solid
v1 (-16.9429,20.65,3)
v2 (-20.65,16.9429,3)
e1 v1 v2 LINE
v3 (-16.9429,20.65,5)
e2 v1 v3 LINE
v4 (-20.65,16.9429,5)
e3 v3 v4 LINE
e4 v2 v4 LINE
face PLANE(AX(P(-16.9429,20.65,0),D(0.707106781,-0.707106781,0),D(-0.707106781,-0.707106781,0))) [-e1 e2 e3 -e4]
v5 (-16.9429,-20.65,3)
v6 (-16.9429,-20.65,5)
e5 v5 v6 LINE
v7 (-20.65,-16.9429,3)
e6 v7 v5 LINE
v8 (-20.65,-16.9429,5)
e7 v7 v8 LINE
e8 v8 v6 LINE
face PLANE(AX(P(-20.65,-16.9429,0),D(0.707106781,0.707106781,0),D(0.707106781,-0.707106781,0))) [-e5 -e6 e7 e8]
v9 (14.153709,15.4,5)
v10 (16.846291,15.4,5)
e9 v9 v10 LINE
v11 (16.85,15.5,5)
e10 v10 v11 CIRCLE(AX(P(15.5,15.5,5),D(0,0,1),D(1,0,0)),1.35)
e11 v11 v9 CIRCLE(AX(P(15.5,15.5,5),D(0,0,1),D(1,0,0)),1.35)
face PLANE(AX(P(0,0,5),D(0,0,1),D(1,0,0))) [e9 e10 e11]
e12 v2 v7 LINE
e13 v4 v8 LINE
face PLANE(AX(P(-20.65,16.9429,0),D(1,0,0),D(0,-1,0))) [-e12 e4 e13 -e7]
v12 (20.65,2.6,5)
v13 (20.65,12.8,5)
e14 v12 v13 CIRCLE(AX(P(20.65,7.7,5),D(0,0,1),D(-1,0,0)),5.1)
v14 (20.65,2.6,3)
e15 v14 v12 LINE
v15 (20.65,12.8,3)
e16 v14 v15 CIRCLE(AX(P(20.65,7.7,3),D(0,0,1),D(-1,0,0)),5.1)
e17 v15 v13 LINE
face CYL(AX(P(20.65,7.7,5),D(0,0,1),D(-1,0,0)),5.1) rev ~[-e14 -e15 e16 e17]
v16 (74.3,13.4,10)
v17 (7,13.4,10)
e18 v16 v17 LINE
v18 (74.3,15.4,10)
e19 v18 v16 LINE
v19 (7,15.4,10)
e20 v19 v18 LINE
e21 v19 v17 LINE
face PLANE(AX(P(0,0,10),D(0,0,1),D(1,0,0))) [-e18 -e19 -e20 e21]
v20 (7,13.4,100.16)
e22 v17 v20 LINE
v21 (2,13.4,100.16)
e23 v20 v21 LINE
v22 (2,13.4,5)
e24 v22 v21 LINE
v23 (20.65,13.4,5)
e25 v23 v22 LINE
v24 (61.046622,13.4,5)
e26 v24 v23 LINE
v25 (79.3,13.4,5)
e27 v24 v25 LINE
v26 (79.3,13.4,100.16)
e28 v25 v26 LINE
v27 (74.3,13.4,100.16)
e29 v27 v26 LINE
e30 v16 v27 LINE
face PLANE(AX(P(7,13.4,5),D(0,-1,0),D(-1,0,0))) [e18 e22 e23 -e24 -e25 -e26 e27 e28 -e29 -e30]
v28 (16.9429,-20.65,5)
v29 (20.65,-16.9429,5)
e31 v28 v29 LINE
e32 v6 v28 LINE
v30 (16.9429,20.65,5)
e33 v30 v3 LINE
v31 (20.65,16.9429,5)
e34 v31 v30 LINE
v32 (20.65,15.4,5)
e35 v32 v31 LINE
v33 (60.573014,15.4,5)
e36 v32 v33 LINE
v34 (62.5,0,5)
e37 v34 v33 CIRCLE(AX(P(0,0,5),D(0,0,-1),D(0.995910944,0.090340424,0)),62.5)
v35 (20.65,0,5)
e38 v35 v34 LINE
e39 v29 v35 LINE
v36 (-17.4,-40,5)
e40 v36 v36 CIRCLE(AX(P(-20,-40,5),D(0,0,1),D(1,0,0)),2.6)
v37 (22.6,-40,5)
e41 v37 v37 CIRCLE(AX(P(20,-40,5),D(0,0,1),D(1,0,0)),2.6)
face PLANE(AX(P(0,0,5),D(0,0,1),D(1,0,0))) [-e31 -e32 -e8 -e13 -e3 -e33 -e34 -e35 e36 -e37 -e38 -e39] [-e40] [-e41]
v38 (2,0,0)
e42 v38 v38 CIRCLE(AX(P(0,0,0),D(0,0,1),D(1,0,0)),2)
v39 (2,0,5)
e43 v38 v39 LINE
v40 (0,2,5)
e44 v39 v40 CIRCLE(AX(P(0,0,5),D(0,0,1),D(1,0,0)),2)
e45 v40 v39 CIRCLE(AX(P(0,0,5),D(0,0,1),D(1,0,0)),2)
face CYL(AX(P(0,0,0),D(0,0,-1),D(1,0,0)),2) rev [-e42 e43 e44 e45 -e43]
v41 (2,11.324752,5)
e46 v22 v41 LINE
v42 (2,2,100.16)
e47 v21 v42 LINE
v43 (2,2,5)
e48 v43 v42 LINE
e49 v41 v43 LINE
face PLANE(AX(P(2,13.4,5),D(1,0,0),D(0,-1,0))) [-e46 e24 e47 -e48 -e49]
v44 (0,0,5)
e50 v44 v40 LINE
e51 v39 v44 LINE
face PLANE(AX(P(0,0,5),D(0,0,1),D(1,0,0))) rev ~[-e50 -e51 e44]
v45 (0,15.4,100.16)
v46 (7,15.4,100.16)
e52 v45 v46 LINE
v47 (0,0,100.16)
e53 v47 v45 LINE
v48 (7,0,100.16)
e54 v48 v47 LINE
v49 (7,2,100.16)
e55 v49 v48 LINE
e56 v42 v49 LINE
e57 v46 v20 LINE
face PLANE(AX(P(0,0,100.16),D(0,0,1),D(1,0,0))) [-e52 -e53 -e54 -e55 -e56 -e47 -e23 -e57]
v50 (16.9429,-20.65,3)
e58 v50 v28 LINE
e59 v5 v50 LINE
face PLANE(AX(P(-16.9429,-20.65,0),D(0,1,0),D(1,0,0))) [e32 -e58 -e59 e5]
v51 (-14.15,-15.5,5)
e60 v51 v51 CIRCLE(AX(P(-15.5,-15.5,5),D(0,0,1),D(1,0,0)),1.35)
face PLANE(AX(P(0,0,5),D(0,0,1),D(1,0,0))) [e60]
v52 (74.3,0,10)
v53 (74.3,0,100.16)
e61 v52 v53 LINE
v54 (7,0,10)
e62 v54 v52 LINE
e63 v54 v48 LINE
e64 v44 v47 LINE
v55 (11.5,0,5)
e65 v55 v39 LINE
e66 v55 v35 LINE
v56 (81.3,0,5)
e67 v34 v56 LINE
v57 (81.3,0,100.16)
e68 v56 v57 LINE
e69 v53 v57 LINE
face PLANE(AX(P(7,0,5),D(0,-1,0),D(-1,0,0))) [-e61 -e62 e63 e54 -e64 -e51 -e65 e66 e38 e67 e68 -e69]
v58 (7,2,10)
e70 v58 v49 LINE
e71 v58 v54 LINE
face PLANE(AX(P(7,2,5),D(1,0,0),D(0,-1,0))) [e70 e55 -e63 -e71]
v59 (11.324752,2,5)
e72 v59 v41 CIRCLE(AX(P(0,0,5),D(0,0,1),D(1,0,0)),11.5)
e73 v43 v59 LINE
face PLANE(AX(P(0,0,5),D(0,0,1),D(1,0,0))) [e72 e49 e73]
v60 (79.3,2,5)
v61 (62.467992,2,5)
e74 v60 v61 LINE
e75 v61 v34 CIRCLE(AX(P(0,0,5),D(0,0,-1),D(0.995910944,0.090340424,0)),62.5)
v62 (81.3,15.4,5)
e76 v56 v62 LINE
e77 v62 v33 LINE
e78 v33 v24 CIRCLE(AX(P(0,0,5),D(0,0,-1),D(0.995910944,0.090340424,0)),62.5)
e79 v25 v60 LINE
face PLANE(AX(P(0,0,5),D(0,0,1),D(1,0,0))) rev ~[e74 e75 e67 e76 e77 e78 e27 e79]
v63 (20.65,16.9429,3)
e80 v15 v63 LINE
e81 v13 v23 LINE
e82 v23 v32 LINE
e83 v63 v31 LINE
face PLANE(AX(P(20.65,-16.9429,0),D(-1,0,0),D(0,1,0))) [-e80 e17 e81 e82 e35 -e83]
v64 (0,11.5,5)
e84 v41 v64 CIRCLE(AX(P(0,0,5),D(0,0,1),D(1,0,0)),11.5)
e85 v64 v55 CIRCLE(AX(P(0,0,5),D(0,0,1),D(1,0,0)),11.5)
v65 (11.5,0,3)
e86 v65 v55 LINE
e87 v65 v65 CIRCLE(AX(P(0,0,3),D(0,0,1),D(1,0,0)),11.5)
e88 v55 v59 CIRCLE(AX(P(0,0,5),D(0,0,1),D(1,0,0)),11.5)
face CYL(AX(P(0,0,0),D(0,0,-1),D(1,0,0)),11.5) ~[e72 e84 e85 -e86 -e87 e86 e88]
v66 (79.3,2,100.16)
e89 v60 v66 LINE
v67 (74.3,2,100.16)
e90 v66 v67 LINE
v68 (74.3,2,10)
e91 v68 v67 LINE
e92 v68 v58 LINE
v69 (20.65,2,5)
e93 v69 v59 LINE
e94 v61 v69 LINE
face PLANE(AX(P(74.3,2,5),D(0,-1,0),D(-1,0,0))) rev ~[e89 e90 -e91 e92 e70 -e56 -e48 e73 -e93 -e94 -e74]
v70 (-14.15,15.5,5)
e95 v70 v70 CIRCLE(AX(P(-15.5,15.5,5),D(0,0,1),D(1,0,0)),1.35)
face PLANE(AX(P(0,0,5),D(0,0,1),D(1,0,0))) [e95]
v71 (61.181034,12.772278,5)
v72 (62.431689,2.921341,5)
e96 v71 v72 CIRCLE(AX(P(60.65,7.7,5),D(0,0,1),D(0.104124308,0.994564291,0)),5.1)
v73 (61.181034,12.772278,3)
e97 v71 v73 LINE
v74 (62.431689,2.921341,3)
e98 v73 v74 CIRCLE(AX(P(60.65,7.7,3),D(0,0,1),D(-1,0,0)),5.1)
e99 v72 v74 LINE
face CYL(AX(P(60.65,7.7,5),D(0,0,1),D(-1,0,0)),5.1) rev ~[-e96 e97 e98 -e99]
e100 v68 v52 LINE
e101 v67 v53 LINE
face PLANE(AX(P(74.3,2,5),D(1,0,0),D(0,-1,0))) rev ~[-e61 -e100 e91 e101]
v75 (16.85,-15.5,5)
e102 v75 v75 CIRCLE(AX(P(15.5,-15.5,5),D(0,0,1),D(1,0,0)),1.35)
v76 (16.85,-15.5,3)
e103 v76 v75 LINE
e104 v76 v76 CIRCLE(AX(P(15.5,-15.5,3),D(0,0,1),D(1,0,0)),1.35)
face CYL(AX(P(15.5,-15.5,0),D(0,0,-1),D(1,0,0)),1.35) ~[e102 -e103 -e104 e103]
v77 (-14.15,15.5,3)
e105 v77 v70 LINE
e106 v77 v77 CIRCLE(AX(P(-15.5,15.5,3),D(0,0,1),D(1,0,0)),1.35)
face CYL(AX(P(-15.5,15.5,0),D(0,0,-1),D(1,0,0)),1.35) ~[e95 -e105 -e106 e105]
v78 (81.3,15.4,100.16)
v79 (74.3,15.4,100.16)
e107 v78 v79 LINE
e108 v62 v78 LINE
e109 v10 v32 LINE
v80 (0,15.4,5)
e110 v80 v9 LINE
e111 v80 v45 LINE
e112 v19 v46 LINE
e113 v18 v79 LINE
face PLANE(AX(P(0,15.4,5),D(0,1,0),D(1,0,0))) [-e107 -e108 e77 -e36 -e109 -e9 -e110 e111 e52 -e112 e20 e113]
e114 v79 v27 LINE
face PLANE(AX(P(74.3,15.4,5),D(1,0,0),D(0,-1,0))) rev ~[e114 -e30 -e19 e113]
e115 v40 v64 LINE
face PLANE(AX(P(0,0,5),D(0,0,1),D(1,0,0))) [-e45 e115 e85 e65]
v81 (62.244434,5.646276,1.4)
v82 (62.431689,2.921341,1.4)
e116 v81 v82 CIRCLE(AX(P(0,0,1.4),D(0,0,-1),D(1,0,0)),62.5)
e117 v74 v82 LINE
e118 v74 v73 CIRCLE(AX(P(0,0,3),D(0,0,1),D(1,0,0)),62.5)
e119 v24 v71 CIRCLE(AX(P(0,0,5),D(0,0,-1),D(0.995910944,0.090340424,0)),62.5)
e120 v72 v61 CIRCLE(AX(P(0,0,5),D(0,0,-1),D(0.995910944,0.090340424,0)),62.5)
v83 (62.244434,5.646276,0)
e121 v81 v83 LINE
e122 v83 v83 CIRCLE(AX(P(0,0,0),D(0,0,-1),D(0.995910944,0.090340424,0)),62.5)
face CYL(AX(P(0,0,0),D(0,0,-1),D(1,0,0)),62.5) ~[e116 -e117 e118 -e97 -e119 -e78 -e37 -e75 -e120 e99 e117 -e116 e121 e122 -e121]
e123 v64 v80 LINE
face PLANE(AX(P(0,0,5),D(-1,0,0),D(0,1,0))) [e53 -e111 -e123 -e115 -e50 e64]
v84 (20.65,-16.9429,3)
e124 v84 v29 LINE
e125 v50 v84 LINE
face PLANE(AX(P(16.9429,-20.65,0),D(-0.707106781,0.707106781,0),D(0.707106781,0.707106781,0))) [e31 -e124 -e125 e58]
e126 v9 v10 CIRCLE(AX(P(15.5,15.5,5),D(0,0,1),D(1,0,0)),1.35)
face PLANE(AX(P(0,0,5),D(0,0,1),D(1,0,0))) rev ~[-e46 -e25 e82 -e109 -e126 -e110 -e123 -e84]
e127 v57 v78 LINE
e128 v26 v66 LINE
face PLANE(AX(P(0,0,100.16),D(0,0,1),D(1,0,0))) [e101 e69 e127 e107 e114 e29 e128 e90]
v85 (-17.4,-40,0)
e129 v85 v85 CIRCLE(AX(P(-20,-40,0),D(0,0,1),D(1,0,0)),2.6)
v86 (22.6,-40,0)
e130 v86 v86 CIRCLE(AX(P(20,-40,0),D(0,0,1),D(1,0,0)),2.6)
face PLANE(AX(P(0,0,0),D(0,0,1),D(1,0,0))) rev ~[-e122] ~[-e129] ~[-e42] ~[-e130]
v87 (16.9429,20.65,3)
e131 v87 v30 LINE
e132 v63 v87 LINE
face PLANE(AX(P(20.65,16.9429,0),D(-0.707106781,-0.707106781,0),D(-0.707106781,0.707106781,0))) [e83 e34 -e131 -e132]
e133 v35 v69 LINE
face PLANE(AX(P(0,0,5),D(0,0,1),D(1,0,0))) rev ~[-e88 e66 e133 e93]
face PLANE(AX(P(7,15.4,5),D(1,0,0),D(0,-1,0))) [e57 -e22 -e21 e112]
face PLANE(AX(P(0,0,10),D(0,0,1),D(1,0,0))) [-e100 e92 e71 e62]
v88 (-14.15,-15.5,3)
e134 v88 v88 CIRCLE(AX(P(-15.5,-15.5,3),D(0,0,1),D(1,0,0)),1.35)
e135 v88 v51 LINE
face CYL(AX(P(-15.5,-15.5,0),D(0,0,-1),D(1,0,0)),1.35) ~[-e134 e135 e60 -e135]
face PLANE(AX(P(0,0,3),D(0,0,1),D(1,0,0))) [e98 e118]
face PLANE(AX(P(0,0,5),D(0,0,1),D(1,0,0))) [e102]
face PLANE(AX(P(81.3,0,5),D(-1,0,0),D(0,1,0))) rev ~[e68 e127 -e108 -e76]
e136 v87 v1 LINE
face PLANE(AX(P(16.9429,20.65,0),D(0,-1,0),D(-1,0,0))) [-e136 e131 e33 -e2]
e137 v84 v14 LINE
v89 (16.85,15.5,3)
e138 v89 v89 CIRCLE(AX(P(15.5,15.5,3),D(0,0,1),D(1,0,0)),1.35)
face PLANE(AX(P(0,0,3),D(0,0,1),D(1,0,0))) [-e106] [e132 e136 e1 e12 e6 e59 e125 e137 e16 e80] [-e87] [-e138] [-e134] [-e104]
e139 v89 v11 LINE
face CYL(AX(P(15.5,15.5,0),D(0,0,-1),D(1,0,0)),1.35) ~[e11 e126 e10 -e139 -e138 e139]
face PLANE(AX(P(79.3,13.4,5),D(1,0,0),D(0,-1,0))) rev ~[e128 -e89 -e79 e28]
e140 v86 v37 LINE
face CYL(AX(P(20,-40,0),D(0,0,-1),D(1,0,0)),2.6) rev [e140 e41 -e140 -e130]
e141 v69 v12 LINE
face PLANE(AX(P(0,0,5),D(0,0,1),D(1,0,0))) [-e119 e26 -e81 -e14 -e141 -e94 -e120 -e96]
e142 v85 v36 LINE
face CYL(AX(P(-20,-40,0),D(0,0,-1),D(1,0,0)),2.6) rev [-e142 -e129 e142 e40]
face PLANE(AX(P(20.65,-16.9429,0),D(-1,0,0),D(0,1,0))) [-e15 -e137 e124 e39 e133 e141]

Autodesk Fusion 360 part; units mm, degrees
sketch "Sketch1" plane through (0, 0, 0) normal (0, 0, 1) x (1, 0, 0)
  line L0 (0, 0) -> (81.3, 0)
  line L1 (81.3, 0) -> (81.3, 15.4)
  line L2 (81.3, 15.4) -> (0, 15.4)
  line L3 (0, 15.4) -> (0, 0)
  dimension "d8" = 81.3
  dimension "d9" = 15.4
extrude "Extrude1" add sketch "Sketch1" along normal blind 5
sketch "Sketch2" plane through (0, 0, 5) normal (0, 0, 1) x (-1, 0, 0)
  line L0 (0, -15.4) -> (0, 0)
  line L1 (0, 0) -> (-81.3, 0)
  line L2 (-81.3, 0) -> (-81.3, -15.4)
  line L3 (-81.3, -15.4) -> (0, -15.4)
  circle A0 centre (-20.65, -7.7) radius 2.6
  circle A1 centre (-20.65, -7.7) radius 5.1
  line L4 (-40.65, -15.4) -> (-40.65, -7.6842) construction
  line L5 (-40.65, -7.7) -> (-81.3, -7.7) construction
  circle A2 centre (-60.65, -7.7) radius 5.1
  circle A3 centre (-60.65, -7.7) radius 2.6
  dimension "d16" = 5.2
  dimension "d18" = 7.7
  dimension "d19" = 10.2
  dimension "d34" = 20
extrude "Extrude2" cut sketch "Sketch2" against normal blind 5 contours A0 | A3
extrude "Extrude3" cut sketch "Sketch2" against normal blind 3.6 contours A1 | A2
sketch "Sketch3" plane through (0, 0, 5) normal (0, 0, 1) x (1, 0, 0)
  line L0 (40.65, 14.9854) -> (40.65, -0.0146) construction
  line L1 (0, 15.4) -> (0, 0) construction
  line L2 (74.3, 15.4) -> (74.3, 13.4)
  line L3 (74.3, 13.4) -> (79.3, 13.4)
  line L4 (79.3, 13.4) -> (79.3, 2)
  line L5 (79.3, 2) -> (74.3, 2)
  line L6 (74.3, 2) -> (74.3, 0)
  line L7 (74.3, 0) -> (81.3, 0)
  line L8 (81.3, 0) -> (81.3, 15.4)
  line L9 (81.3, 15.4) -> (74.3, 15.4)
  line L10 (0, 0) -> (0, 15.4)
  line L11 (2, 13.4) -> (2, 2)
  line L12 (2, 2) -> (7, 2)
  line L13 (7, 13.4) -> (2, 13.4)
  line L14 (7, 0) -> (0, 0)
  line L15 (7, 15.4) -> (7, 13.4)
  line L16 (0, 15.4) -> (7, 15.4)
  line L17 (7, 2) -> (7, 0)
  line L18 (7, 15.4) -> (74.3, 15.4)
  line L19 (74.3, 15.4) -> (74.3, 13.4)
  line L20 (74.3, 13.4) -> (7, 13.4)
  line L21 (7, 13.4) -> (7, 15.4)
  line L22 (74.3, 2) -> (7, 2)
  line L23 (7, 2) -> (7, 0)
  line L24 (7, 0) -> (74.3, 0)
  line L25 (74.3, 0) -> (74.3, 2)
  point P0 (81.3, 0)
  dimension "d24" = 40.65
  dimension "d25" = 2
  dimension "d26" = 15.4
  dimension "d27" = 2
  dimension "d29" = 5
extrude "Extrude4" add sketch "Sketch3" along normal blind 95.16 contours L2 L3 L4 L5 L6 L7 L8 L9 L19 L25 | L10 L11 L12 L13 L14 L15 L16 L17 L21 L23
extrude "Extrude5" add sketch "Sketch3" along normal blind 5 contours L2 L15 L18 L19 L20 L21 | L6 L17 L22 L23 L24 L25
equation "pw = 74.8 mm"
equation "pd = 8.9 mm"
equation "ph = 158.6 mm"
equation "clearance = 1.25 mm"
equation "wall_thick = 2 mm"
equation "outer_w = 2 * clearance + 2 * wall_thick + pw"
equation "outer_d = 2 * clearance + 2 * wall_thick + pd"
equation "d8 = outer_w"
equation "d9 = outer_d"
equation "d18 = outer_d / 2"
equation "d24 = outer_w / 2"
equation "d25 = wall_thick"
equation "d26 = outer_d"
equation "d27 = wall_thick"
equation "d30 = ph * 0.6"

Autodesk Fusion 360 part; units mm, degrees
sketch "Sketch1" plane through (0, 0, 0) normal (0, 0, 1) x (1, 0, 0)
  circle A0 centre (0, 0) radius 62.5
  line L0 (-16.9429, 20.65) -> (-20.65, 16.9429)
  line L1 (-20.65, -16.9429) -> (-16.9429, -20.65)
  line L2 (-16.9429, -20.65) -> (16.9429, -20.65)
  line L3 (16.9429, 20.65) -> (-16.9429, 20.65)
  line L4 (-20.65, 16.9429) -> (-20.65, -16.9429)
  line L5 (20.65, 16.9429) -> (16.9429, 20.65)
  line L6 (16.9429, -20.65) -> (20.65, -16.9429)
  line L7 (20.65, -16.9429) -> (20.65, 16.9429)
  circle A1 centre (0, 0) radius 11.5
  circle A2 centre (-15.5, 15.5) radius 1.35
  circle A3 centre (0, 0) radius 2
  circle A4 centre (0, 0) radius 20.65 construction
  line L8 (0, 0) -> (0, 20.65) construction
  line L9 (0, 0) -> (20.65, 0) construction
  circle A5 centre (15.5, 15.5) radius 1.35
  circle A6 centre (-15.5, -15.5) radius 1.35
  circle A7 centre (15.5, -15.5) radius 1.35
  circle A8 centre (-20, -40) radius 2.6
  circle A9 centre (20, -40) radius 2.6
  dimension "d1" = 125
  dimension "d2" = 23
  dimension "d3" = 2.7
  dimension "d4" = 15.5
  dimension "d5" = 15.5
  dimension "d8" = 5.2
  dimension "d9" = 40
  dimension "d10" = 20
extrude "Extrude1" add sketch "Sketch1" along normal blind 3 contours A0 | L0 L1 L2 L3 L4 L5 L6 L7
